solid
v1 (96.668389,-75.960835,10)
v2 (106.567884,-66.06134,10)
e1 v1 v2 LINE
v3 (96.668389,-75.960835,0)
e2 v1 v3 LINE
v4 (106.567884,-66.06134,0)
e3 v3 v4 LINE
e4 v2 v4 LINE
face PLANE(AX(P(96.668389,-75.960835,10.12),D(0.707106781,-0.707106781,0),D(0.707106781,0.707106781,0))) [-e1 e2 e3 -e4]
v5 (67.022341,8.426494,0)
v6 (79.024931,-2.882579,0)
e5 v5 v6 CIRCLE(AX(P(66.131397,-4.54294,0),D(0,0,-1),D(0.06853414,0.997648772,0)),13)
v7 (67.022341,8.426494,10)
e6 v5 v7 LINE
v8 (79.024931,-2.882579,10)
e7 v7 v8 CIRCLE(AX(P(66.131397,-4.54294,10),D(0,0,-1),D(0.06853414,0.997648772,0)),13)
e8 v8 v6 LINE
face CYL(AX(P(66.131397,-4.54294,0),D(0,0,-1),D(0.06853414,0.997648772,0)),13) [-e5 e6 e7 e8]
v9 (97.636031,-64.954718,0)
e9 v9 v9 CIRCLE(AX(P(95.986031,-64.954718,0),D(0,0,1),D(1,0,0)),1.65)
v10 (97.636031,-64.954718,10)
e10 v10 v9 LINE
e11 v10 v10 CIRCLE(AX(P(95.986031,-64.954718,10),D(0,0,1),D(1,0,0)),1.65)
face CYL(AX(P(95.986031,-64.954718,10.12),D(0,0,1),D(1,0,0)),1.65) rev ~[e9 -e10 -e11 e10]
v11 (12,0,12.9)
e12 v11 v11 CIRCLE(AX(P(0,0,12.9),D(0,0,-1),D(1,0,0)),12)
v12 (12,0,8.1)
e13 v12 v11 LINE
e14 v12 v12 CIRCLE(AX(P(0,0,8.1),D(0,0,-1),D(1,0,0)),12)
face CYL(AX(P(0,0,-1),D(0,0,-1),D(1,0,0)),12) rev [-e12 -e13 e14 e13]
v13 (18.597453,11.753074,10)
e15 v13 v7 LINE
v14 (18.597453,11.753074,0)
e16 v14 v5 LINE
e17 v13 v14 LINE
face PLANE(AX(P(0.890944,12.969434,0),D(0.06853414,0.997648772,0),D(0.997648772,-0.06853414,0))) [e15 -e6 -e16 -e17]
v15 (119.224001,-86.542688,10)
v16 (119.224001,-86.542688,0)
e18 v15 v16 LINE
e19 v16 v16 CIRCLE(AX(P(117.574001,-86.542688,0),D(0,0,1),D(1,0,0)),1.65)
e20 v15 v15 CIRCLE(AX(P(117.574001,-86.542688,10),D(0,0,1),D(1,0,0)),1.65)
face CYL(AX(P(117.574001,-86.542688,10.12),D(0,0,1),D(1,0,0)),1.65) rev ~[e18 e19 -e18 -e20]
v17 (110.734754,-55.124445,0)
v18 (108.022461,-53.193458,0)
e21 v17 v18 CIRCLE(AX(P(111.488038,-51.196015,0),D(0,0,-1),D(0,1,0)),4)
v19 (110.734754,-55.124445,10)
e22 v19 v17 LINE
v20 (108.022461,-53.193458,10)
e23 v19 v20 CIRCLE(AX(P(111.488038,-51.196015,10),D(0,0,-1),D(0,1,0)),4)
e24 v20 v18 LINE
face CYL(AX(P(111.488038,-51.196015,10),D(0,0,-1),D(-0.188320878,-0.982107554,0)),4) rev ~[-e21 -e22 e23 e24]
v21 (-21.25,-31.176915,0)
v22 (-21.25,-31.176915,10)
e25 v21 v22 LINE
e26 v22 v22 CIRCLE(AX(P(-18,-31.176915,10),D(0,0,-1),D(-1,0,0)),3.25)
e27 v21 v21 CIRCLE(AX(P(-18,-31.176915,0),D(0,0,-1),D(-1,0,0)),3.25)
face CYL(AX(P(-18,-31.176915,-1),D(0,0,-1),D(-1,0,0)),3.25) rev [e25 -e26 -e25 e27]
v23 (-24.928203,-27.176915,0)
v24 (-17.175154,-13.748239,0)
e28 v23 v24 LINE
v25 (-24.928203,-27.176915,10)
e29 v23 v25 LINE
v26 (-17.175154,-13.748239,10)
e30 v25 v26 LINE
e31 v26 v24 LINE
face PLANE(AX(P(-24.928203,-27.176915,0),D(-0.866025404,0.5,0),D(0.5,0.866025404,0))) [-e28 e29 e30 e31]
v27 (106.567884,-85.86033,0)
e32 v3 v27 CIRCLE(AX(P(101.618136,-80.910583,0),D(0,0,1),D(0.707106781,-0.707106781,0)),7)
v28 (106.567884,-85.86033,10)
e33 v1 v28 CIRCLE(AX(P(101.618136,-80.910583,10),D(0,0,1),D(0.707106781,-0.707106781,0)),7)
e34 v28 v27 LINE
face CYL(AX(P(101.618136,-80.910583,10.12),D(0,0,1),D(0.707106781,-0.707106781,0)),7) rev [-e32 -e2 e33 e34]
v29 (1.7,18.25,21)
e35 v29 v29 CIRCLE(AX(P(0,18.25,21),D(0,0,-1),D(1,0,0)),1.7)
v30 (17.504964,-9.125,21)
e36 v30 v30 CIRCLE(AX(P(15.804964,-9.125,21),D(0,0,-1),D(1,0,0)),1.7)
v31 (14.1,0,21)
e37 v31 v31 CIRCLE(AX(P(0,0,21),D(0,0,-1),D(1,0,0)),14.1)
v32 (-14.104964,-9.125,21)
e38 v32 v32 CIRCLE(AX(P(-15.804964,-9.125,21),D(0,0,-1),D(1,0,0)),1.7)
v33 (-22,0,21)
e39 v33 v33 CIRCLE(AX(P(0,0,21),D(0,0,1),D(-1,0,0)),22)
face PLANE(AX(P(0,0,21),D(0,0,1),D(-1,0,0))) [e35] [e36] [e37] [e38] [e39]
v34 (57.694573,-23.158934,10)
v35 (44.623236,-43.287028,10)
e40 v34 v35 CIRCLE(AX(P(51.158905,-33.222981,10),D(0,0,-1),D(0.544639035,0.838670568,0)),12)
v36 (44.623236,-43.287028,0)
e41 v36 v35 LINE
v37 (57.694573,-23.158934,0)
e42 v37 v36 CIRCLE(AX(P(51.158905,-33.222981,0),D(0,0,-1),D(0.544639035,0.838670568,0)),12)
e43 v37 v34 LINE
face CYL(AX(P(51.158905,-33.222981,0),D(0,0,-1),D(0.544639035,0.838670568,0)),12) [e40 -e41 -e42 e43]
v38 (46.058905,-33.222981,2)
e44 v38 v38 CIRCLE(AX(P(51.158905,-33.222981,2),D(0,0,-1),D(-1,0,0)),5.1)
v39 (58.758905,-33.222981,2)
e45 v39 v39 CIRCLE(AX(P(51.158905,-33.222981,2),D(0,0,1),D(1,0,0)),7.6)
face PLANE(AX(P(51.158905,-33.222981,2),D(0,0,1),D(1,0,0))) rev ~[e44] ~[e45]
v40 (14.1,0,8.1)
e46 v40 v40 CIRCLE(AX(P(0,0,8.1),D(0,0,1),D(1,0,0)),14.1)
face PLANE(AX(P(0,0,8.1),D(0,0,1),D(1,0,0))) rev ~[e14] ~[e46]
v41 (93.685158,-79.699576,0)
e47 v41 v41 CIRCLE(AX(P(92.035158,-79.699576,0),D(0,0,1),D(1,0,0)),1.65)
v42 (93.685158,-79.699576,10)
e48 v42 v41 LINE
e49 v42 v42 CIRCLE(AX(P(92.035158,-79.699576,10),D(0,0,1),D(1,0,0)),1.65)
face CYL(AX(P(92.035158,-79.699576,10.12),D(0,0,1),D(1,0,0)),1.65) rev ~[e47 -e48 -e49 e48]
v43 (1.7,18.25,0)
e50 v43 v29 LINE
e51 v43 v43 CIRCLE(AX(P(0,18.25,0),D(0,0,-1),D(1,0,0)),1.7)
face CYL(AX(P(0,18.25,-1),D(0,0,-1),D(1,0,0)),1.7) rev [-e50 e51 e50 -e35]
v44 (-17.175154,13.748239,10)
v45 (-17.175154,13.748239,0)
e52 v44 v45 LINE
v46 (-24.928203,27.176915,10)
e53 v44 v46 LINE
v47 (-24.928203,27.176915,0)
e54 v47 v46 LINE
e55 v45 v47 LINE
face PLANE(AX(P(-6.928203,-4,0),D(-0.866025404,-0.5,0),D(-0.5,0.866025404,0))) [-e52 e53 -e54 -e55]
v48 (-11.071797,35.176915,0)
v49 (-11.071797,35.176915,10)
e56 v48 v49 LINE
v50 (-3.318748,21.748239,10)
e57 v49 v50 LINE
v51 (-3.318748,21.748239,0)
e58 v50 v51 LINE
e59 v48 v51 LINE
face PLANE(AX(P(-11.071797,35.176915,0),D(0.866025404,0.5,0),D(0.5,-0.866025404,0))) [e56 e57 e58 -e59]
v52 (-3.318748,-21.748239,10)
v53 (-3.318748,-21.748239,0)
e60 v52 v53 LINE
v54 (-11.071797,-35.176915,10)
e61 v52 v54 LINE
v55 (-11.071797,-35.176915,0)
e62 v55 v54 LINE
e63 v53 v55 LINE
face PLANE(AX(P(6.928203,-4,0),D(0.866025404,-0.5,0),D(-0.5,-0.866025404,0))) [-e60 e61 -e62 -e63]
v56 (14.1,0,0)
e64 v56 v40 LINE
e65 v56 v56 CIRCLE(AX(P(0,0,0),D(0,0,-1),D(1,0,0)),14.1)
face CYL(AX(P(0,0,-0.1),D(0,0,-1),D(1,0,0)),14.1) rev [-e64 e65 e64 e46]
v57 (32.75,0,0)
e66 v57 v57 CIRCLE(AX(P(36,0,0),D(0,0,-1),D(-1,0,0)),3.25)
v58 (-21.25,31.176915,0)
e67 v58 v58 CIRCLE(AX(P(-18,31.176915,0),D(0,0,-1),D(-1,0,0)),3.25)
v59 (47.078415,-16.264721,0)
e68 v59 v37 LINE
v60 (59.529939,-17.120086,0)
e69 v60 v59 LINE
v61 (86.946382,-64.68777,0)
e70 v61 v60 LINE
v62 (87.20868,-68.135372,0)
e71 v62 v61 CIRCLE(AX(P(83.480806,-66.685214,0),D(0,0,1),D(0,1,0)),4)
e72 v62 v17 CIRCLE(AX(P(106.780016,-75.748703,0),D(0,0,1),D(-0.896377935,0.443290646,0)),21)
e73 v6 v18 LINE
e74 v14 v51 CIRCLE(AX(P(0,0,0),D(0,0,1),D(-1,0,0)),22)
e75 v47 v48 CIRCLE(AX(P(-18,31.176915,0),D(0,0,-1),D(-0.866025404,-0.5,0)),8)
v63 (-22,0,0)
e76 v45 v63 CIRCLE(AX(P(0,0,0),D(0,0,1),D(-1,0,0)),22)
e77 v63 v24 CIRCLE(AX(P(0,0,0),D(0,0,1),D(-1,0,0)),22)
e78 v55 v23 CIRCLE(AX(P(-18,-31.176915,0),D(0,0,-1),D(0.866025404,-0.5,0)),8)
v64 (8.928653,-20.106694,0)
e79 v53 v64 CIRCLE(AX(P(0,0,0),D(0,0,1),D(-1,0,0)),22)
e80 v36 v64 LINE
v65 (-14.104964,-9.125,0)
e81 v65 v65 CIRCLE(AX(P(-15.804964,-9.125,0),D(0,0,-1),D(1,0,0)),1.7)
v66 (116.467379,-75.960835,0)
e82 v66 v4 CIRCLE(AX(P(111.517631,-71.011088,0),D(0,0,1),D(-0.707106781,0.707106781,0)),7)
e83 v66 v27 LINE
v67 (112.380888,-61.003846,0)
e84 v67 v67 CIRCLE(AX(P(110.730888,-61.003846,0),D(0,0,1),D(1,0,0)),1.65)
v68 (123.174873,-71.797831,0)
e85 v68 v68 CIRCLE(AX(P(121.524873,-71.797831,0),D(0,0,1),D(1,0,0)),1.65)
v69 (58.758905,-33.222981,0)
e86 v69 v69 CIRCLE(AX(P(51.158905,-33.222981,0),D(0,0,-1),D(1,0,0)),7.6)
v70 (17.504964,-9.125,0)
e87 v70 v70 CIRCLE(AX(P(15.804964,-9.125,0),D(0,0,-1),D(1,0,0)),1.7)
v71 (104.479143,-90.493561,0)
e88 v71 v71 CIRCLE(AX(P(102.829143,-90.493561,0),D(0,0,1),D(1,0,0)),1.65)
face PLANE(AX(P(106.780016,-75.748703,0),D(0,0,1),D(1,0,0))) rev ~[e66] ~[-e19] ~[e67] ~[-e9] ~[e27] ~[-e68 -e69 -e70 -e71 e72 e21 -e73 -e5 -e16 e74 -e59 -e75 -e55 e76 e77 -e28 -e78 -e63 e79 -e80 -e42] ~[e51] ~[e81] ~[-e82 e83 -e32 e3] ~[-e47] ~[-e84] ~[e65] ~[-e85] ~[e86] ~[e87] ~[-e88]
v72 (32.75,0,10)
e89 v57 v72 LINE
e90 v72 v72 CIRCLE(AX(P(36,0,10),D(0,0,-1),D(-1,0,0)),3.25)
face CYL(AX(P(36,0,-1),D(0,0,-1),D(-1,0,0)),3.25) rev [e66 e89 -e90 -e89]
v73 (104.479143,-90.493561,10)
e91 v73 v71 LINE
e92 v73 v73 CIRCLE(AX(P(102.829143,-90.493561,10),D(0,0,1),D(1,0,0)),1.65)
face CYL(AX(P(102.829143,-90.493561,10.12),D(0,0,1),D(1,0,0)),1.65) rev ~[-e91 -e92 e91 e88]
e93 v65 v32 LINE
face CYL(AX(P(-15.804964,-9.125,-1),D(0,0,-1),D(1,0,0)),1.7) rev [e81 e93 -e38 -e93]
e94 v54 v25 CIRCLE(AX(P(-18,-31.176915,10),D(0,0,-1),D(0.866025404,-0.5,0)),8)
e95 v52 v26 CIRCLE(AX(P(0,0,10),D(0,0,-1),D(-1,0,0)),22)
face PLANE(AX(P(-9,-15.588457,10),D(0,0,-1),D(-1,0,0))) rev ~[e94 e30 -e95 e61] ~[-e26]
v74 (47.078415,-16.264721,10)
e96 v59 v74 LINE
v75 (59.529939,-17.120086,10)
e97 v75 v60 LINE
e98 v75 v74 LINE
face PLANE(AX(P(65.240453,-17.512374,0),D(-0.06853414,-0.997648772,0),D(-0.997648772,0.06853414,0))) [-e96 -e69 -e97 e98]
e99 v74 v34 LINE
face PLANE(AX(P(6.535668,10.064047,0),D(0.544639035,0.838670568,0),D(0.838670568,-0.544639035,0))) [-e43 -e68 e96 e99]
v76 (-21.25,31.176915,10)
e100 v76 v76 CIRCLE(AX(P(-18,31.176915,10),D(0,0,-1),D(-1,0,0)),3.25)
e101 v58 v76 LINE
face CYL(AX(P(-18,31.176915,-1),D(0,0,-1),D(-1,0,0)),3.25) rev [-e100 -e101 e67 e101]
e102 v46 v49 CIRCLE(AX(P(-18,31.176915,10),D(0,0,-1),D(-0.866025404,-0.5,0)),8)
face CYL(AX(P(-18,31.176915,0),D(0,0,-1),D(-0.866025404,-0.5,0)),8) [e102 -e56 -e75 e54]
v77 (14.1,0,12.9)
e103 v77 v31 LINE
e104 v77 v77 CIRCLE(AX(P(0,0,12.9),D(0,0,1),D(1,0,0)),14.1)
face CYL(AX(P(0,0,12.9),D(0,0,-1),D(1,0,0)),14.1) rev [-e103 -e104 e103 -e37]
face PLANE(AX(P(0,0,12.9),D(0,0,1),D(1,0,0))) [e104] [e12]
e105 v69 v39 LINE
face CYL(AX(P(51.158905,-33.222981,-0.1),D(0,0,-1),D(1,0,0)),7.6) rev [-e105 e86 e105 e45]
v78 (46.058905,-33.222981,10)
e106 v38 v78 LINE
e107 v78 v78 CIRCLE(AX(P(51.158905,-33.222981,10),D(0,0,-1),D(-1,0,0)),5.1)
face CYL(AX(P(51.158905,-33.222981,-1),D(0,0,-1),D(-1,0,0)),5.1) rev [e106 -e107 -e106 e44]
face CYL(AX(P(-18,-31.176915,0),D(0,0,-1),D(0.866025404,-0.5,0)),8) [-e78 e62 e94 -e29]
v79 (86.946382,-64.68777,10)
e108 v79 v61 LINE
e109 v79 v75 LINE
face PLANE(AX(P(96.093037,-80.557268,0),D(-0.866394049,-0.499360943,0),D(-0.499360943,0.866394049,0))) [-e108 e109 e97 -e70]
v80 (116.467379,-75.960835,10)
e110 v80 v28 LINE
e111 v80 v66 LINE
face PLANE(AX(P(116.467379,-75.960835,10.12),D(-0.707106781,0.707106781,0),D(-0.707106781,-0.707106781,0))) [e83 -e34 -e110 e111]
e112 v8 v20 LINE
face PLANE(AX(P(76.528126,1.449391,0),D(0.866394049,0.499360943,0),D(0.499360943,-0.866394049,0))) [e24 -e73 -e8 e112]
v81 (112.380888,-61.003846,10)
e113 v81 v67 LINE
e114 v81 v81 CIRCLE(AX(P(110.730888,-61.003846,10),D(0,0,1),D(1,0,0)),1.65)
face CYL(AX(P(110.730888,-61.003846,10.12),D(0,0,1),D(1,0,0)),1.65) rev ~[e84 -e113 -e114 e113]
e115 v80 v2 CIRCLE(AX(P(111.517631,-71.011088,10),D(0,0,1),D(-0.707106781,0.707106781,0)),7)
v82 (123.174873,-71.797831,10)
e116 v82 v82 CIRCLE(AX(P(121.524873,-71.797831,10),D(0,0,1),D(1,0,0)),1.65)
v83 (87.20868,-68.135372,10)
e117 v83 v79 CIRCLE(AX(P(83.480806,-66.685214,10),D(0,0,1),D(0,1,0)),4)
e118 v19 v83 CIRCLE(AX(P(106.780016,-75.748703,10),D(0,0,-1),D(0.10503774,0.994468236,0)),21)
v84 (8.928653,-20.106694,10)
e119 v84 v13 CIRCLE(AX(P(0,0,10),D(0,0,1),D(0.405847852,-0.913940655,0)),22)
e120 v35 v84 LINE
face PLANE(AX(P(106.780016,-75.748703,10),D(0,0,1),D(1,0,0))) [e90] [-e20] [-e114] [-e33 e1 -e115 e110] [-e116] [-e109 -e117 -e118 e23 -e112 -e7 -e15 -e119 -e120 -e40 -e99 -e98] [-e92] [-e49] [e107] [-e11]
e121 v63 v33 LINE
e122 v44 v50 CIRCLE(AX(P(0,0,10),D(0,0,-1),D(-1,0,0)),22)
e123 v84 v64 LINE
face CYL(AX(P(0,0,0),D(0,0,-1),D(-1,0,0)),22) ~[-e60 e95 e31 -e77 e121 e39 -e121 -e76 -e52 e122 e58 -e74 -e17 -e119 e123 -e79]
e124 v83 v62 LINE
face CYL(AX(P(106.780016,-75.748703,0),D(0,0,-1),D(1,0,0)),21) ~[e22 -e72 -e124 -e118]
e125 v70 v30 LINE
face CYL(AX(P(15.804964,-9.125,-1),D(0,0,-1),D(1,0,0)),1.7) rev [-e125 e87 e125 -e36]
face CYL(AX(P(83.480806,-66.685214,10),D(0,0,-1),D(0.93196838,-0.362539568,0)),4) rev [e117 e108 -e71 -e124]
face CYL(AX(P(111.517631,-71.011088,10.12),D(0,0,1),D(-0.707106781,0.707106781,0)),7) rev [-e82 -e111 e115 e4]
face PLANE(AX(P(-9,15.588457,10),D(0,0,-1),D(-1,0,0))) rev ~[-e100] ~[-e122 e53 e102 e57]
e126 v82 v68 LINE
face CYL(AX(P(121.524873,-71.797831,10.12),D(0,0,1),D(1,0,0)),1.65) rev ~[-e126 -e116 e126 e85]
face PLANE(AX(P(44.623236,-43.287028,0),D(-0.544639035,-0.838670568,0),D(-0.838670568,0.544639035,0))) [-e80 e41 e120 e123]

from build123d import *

# Parameters (mm, degrees)
S01_BEARING_BARREL_R                             = 22
F_01_BEARING_BARREL_DEPTH                        = 21
F_02_TORQUE_ARM_1_DEPTH                          = 10
F_03_TORQUE_ARM_2_DEPTH                          = 10
F_04_TORQUE_ARM_3_DEPTH                          = 10
F_05_WHEEL_ARM_ROOT_TO_ROUNDED_ELBOW_DEPTH       = 10
F_06_LONG_DROPPED_WHEEL_ARM_DEPTH                = 10
F_07_BROAD_CAM_FOLLOWER_MOUNTING_LUG_DEPTH       = 10
F_08_START                                       = -1
S08_BEARING_THROUGH_RELIEF_R                     = 12
F_08_BEARING_THROUGH_RELIEF_DEPTH                = 23
F_09_START                                       = -0.1
S09_INBOARD_6001_SEAT_R                          = 14.1
F_09_INBOARD_6001_SEAT_DEPTH                     = 8.2
F_10_START                                       = 12.9
S10_OUTBOARD_6001_SEAT_R                         = 14.1
F_10_OUTBOARD_6001_SEAT_DEPTH                    = 8.2
F_11_START                                       = -1
S11_KEEPER_SCREWS_R                              = 1.7
F_11_KEEPER_SCREWS_DEPTH                         = 23
F_12_START                                       = -1
S12_TORQUE_PIN_RETAINING_STEMS_R                 = 3.25
F_12_TORQUE_PIN_RETAINING_STEMS_DEPTH            = 12
F_19_START                                       = -1
S19_THROUGH_BORE_FOR_STEEL_FOLLOWER_BU_R         = 5.1
F_19_THROUGH_BORE_FOR_STEEL_FOLLOWER_BUS_DEPTH   = 12
F_20_START                                       = -0.1
S20_FLUSH_SEAT_FOR_BUSH_FLANGE_R                 = 7.6
F_20_FLUSH_SEAT_FOR_BUSH_FLANGE_DEPTH            = 2.1
FLAT_MOTOR_MOUNTING_PAD_LAYOUT_R                 = 21
FLAT_MOTOR_MOUNTING_PAD_DEPTH                    = 10
R4_BLENDS_FROM_ARM_INTO_MOTOR_PAD_R              = 4
F_28_START                                       = 10.12
F_28_X_14_CLOSED_THROUGH_SLOT_FOR_MOTOR_OU_DEPTH = 10.24
SIX_START                                        = 10.12
SIX_CLEARANCE_HOLES_FROM_JOHNSON_MOT_2_R         = 1.65
SIX_CLEARANCE_HOLES_FROM_JOHNSON_MOTOR_F_DEPTH   = 10.24


with BuildPart() as part:
    # S01 - Bearing barrel → 01 - Bearing barrel (new body)
    with BuildSketch(Plane.XY):
        Circle(S01_BEARING_BARREL_R)
    extrude(amount=F_01_BEARING_BARREL_DEPTH)

    # S02 - Torque arm 1 → 02 - Torque arm 1 (add)
    with BuildSketch(Plane.XY):
        with BuildLine():
            Line((0, 8), (36, 8))
            ThreePointArc((36, 8), (44, 0), (36, -8))
            Line((36, -8), (0, -8))
            ThreePointArc((0, -8), (-8, 0), (0, 8))
        make_face()
    extrude(amount=F_02_TORQUE_ARM_1_DEPTH)

    # S03 - Torque arm 2 → 03 - Torque arm 2 (add)
    with BuildSketch(Plane.XY):
        with BuildLine():
            Line((-6.92820323, -4), (-24.92820323, 27.176914536))
            ThreePointArc((-24.92820323, 27.176914536), (-22, 38.105117767), (-11.07179677, 35.176914536))
            Line((-11.07179677, 35.176914536), (6.92820323, 4))
            ThreePointArc((6.92820323, 4), (4, -6.92820323), (-6.92820323, -4))
        make_face()
    extrude(amount=F_03_TORQUE_ARM_2_DEPTH)

    # S04 - Torque arm 3 → 04 - Torque arm 3 (add)
    with BuildSketch(Plane.XY):
        with BuildLine():
            Line((6.92820323, -4), (-11.07179677, -35.176914536))
            ThreePointArc((-11.07179677, -35.176914536), (-22, -38.105117767), (-24.92820323, -27.176914536))
            Line((-24.92820323, -27.176914536), (-6.92820323, 4))
            ThreePointArc((-6.92820323, 4), (4, 6.92820323), (6.92820323, -4))
        make_face()
    extrude(amount=F_04_TORQUE_ARM_3_DEPTH)

    # S05 - Wheel arm root to rounded elbow → 05 - Wheel arm root to rounded elbow (add)
    with BuildSketch(Plane.XY):
        with BuildLine():
            Line((0.890943823, 12.969434032), (67.022341031, 8.426494092))
            ThreePointArc((67.022341031, 8.426494092), (79.10083124, -5.433883763), (65.240453385, -17.512373972))
            Line((65.240453385, -17.512373972), (-0.890943823, -12.969434032))
            ThreePointArc((-0.890943823, -12.969434032), (-12.969434032, 0.890943823), (0.890943823, 12.969434032))
        make_face()
    extrude(amount=F_05_WHEEL_ARM_ROOT_TO_ROUNDED_ELBOW_DEPTH)

    # S06 - Long dropped wheel arm → 06 - Long dropped wheel arm (add)
    with BuildSketch(Plane.XY):
        with BuildLine():
            Line((76.528125799, 1.449391376), (116.886494349, -68.572605409))
            ThreePointArc((116.886494349, -68.572605409), (112.482097074, -84.961665317), (96.093037167, -80.557268042))
            Line((96.093037167, -80.557268042), (55.734668617, -10.535271257))
            ThreePointArc((55.734668617, -10.535271257), (60.139065892, 5.853788651), (76.528125799, 1.449391376))
        make_face()
    extrude(amount=F_06_LONG_DROPPED_WHEEL_ARM_DEPTH)

    # S07 - Broad cam follower mounting lug → 07 - Broad cam follower mounting lug (add)
    with BuildSketch(Plane.XY):
        with BuildLine():
            Line((6.53566842, 10.064046815), (57.694573065, -23.158934321))
            ThreePointArc((57.694573065, -23.158934321), (61.22295146, -39.758649556), (44.623236224, -43.287027951))
            Line((44.623236224, -43.287027951), (-6.53566842, -10.064046815))
            ThreePointArc((-6.53566842, -10.064046815), (-10.064046815, 6.53566842), (6.53566842, 10.064046815))
        make_face()
    extrude(amount=F_07_BROAD_CAM_FOLLOWER_MOUNTING_LUG_DEPTH)

    # S08 - Bearing through relief → 08 - Bearing through relief (cut)
    with BuildSketch(Plane.XY.offset(F_08_START)):
        Circle(S08_BEARING_THROUGH_RELIEF_R)
    extrude(amount=F_08_BEARING_THROUGH_RELIEF_DEPTH, mode=Mode.SUBTRACT)

    # S09 - Inboard 6001 seat → 09 - Inboard 6001 seat (cut)
    with BuildSketch(Plane.XY.offset(F_09_START)):
        Circle(S09_INBOARD_6001_SEAT_R)
    extrude(amount=F_09_INBOARD_6001_SEAT_DEPTH, mode=Mode.SUBTRACT)

    # S10 - Outboard 6001 seat → 10 - Outboard 6001 seat (cut)
    with BuildSketch(Plane.XY.offset(F_10_START)):
        Circle(S10_OUTBOARD_6001_SEAT_R)
    extrude(amount=F_10_OUTBOARD_6001_SEAT_DEPTH, mode=Mode.SUBTRACT)

    # S11 - Keeper screws → 11 - Keeper screws (cut)
    with BuildSketch(Plane.XY.offset(F_11_START)):
        with Locations((0, 18.25)):
            Circle(S11_KEEPER_SCREWS_R)
        with Locations((-15.804963619, -9.125)):
            Circle(S11_KEEPER_SCREWS_R)
        with Locations((15.804963619, -9.125)):
            Circle(S11_KEEPER_SCREWS_R)
    extrude(amount=F_11_KEEPER_SCREWS_DEPTH, mode=Mode.SUBTRACT)

    # S12 - Torque pin retaining stems → 12 - Torque pin retaining stems (cut)
    with BuildSketch(Plane.XY.offset(F_12_START)):
        with Locations((36, 0)):
            Circle(S12_TORQUE_PIN_RETAINING_STEMS_R)
        with Locations((-18, 31.176914536)):
            Circle(S12_TORQUE_PIN_RETAINING_STEMS_R)
        with Locations((-18, -31.176914536)):
            Circle(S12_TORQUE_PIN_RETAINING_STEMS_R)
    extrude(amount=F_12_TORQUE_PIN_RETAINING_STEMS_DEPTH, mode=Mode.SUBTRACT)

    # S19 - Through bore for steel follower bush → 19 - Through bore for steel follower bush (cut)
    with BuildSketch(Plane.XY.offset(F_19_START)):
        with Locations((51.158904645, -33.222981136)):
            Circle(S19_THROUGH_BORE_FOR_STEEL_FOLLOWER_BU_R)
    extrude(amount=F_19_THROUGH_BORE_FOR_STEEL_FOLLOWER_BUS_DEPTH, mode=Mode.SUBTRACT)

    # S20 - Flush seat for bush flange → 20 - Flush seat for bush flange (cut)
    with BuildSketch(Plane.XY.offset(F_20_START)):
        with Locations((51.158904645, -33.222981136)):
            Circle(S20_FLUSH_SEAT_FOR_BUSH_FLANGE_R)
    extrude(amount=F_20_FLUSH_SEAT_FOR_BUSH_FLANGE_DEPTH, mode=Mode.SUBTRACT)

    # Flat motor mounting pad layout → Flat motor mounting pad (add)
    with BuildSketch(Plane.XY):
        with Locations((106.780015642, -75.748703358)):
            Circle(FLAT_MOTOR_MOUNTING_PAD_LAYOUT_R)
    extrude(amount=FLAT_MOTOR_MOUNTING_PAD_DEPTH)

    # R4 blends from arm into motor pad
    r4_blends_from_arm_into_motor_pad_edges = [part.edges().sort_by_distance(p)[0] for p in [
        (87.956079001, -66.439599786, 5),
        (108.985808176, -54.864870393, 5),
    ]]
    fillet(r4_blends_from_arm_into_motor_pad_edges, radius=R4_BLENDS_FROM_ARM_INTO_MOTOR_PAD_R)

    # Original round-ended output slot layout → 28 x 14 closed through slot for motor output (cut)
    with BuildSketch(Plane.XY.offset(F_28_START)):
        with BuildLine():
            Line((96.668388671, -75.960835392), (106.567883608, -66.061340455))
            ThreePointArc((106.567883608, -66.061340455), (116.467378544, -66.061340455), (116.467378544, -75.960835392))
            Line((116.467378544, -75.960835392), (106.567883608, -85.860330328))
            ThreePointArc((106.567883608, -85.860330328), (96.668388671, -85.860330328), (96.668388671, -75.960835392))
        make_face()
    extrude(amount=-F_28_X_14_CLOSED_THROUGH_SLOT_FOR_MOTOR_OU_DEPTH, mode=Mode.SUBTRACT)

    # Six clearance holes from Johnson mot 2 → Six clearance holes from Johnson motor f (cut)
    with BuildSketch(Plane.XY.offset(SIX_START)):
        with Locations((92.035157904, -79.699576081)):
            Circle(SIX_CLEARANCE_HOLES_FROM_JOHNSON_MOT_2_R)
        with Locations((102.829142919, -90.493561096)):
            Circle(SIX_CLEARANCE_HOLES_FROM_JOHNSON_MOT_2_R)
        with Locations((117.574000657, -86.542688372)):
            Circle(SIX_CLEARANCE_HOLES_FROM_JOHNSON_MOT_2_R)
        with Locations((121.52487338, -71.797830634)):
            Circle(SIX_CLEARANCE_HOLES_FROM_JOHNSON_MOT_2_R)
        with Locations((110.730888366, -61.003845619)):
            Circle(SIX_CLEARANCE_HOLES_FROM_JOHNSON_MOT_2_R)
        with Locations((95.986030627, -64.954718343)):
            Circle(SIX_CLEARANCE_HOLES_FROM_JOHNSON_MOT_2_R)
    extrude(amount=-SIX_CLEARANCE_HOLES_FROM_JOHNSON_MOTOR_F_DEPTH, mode=Mode.SUBTRACT)


solid = part.part
